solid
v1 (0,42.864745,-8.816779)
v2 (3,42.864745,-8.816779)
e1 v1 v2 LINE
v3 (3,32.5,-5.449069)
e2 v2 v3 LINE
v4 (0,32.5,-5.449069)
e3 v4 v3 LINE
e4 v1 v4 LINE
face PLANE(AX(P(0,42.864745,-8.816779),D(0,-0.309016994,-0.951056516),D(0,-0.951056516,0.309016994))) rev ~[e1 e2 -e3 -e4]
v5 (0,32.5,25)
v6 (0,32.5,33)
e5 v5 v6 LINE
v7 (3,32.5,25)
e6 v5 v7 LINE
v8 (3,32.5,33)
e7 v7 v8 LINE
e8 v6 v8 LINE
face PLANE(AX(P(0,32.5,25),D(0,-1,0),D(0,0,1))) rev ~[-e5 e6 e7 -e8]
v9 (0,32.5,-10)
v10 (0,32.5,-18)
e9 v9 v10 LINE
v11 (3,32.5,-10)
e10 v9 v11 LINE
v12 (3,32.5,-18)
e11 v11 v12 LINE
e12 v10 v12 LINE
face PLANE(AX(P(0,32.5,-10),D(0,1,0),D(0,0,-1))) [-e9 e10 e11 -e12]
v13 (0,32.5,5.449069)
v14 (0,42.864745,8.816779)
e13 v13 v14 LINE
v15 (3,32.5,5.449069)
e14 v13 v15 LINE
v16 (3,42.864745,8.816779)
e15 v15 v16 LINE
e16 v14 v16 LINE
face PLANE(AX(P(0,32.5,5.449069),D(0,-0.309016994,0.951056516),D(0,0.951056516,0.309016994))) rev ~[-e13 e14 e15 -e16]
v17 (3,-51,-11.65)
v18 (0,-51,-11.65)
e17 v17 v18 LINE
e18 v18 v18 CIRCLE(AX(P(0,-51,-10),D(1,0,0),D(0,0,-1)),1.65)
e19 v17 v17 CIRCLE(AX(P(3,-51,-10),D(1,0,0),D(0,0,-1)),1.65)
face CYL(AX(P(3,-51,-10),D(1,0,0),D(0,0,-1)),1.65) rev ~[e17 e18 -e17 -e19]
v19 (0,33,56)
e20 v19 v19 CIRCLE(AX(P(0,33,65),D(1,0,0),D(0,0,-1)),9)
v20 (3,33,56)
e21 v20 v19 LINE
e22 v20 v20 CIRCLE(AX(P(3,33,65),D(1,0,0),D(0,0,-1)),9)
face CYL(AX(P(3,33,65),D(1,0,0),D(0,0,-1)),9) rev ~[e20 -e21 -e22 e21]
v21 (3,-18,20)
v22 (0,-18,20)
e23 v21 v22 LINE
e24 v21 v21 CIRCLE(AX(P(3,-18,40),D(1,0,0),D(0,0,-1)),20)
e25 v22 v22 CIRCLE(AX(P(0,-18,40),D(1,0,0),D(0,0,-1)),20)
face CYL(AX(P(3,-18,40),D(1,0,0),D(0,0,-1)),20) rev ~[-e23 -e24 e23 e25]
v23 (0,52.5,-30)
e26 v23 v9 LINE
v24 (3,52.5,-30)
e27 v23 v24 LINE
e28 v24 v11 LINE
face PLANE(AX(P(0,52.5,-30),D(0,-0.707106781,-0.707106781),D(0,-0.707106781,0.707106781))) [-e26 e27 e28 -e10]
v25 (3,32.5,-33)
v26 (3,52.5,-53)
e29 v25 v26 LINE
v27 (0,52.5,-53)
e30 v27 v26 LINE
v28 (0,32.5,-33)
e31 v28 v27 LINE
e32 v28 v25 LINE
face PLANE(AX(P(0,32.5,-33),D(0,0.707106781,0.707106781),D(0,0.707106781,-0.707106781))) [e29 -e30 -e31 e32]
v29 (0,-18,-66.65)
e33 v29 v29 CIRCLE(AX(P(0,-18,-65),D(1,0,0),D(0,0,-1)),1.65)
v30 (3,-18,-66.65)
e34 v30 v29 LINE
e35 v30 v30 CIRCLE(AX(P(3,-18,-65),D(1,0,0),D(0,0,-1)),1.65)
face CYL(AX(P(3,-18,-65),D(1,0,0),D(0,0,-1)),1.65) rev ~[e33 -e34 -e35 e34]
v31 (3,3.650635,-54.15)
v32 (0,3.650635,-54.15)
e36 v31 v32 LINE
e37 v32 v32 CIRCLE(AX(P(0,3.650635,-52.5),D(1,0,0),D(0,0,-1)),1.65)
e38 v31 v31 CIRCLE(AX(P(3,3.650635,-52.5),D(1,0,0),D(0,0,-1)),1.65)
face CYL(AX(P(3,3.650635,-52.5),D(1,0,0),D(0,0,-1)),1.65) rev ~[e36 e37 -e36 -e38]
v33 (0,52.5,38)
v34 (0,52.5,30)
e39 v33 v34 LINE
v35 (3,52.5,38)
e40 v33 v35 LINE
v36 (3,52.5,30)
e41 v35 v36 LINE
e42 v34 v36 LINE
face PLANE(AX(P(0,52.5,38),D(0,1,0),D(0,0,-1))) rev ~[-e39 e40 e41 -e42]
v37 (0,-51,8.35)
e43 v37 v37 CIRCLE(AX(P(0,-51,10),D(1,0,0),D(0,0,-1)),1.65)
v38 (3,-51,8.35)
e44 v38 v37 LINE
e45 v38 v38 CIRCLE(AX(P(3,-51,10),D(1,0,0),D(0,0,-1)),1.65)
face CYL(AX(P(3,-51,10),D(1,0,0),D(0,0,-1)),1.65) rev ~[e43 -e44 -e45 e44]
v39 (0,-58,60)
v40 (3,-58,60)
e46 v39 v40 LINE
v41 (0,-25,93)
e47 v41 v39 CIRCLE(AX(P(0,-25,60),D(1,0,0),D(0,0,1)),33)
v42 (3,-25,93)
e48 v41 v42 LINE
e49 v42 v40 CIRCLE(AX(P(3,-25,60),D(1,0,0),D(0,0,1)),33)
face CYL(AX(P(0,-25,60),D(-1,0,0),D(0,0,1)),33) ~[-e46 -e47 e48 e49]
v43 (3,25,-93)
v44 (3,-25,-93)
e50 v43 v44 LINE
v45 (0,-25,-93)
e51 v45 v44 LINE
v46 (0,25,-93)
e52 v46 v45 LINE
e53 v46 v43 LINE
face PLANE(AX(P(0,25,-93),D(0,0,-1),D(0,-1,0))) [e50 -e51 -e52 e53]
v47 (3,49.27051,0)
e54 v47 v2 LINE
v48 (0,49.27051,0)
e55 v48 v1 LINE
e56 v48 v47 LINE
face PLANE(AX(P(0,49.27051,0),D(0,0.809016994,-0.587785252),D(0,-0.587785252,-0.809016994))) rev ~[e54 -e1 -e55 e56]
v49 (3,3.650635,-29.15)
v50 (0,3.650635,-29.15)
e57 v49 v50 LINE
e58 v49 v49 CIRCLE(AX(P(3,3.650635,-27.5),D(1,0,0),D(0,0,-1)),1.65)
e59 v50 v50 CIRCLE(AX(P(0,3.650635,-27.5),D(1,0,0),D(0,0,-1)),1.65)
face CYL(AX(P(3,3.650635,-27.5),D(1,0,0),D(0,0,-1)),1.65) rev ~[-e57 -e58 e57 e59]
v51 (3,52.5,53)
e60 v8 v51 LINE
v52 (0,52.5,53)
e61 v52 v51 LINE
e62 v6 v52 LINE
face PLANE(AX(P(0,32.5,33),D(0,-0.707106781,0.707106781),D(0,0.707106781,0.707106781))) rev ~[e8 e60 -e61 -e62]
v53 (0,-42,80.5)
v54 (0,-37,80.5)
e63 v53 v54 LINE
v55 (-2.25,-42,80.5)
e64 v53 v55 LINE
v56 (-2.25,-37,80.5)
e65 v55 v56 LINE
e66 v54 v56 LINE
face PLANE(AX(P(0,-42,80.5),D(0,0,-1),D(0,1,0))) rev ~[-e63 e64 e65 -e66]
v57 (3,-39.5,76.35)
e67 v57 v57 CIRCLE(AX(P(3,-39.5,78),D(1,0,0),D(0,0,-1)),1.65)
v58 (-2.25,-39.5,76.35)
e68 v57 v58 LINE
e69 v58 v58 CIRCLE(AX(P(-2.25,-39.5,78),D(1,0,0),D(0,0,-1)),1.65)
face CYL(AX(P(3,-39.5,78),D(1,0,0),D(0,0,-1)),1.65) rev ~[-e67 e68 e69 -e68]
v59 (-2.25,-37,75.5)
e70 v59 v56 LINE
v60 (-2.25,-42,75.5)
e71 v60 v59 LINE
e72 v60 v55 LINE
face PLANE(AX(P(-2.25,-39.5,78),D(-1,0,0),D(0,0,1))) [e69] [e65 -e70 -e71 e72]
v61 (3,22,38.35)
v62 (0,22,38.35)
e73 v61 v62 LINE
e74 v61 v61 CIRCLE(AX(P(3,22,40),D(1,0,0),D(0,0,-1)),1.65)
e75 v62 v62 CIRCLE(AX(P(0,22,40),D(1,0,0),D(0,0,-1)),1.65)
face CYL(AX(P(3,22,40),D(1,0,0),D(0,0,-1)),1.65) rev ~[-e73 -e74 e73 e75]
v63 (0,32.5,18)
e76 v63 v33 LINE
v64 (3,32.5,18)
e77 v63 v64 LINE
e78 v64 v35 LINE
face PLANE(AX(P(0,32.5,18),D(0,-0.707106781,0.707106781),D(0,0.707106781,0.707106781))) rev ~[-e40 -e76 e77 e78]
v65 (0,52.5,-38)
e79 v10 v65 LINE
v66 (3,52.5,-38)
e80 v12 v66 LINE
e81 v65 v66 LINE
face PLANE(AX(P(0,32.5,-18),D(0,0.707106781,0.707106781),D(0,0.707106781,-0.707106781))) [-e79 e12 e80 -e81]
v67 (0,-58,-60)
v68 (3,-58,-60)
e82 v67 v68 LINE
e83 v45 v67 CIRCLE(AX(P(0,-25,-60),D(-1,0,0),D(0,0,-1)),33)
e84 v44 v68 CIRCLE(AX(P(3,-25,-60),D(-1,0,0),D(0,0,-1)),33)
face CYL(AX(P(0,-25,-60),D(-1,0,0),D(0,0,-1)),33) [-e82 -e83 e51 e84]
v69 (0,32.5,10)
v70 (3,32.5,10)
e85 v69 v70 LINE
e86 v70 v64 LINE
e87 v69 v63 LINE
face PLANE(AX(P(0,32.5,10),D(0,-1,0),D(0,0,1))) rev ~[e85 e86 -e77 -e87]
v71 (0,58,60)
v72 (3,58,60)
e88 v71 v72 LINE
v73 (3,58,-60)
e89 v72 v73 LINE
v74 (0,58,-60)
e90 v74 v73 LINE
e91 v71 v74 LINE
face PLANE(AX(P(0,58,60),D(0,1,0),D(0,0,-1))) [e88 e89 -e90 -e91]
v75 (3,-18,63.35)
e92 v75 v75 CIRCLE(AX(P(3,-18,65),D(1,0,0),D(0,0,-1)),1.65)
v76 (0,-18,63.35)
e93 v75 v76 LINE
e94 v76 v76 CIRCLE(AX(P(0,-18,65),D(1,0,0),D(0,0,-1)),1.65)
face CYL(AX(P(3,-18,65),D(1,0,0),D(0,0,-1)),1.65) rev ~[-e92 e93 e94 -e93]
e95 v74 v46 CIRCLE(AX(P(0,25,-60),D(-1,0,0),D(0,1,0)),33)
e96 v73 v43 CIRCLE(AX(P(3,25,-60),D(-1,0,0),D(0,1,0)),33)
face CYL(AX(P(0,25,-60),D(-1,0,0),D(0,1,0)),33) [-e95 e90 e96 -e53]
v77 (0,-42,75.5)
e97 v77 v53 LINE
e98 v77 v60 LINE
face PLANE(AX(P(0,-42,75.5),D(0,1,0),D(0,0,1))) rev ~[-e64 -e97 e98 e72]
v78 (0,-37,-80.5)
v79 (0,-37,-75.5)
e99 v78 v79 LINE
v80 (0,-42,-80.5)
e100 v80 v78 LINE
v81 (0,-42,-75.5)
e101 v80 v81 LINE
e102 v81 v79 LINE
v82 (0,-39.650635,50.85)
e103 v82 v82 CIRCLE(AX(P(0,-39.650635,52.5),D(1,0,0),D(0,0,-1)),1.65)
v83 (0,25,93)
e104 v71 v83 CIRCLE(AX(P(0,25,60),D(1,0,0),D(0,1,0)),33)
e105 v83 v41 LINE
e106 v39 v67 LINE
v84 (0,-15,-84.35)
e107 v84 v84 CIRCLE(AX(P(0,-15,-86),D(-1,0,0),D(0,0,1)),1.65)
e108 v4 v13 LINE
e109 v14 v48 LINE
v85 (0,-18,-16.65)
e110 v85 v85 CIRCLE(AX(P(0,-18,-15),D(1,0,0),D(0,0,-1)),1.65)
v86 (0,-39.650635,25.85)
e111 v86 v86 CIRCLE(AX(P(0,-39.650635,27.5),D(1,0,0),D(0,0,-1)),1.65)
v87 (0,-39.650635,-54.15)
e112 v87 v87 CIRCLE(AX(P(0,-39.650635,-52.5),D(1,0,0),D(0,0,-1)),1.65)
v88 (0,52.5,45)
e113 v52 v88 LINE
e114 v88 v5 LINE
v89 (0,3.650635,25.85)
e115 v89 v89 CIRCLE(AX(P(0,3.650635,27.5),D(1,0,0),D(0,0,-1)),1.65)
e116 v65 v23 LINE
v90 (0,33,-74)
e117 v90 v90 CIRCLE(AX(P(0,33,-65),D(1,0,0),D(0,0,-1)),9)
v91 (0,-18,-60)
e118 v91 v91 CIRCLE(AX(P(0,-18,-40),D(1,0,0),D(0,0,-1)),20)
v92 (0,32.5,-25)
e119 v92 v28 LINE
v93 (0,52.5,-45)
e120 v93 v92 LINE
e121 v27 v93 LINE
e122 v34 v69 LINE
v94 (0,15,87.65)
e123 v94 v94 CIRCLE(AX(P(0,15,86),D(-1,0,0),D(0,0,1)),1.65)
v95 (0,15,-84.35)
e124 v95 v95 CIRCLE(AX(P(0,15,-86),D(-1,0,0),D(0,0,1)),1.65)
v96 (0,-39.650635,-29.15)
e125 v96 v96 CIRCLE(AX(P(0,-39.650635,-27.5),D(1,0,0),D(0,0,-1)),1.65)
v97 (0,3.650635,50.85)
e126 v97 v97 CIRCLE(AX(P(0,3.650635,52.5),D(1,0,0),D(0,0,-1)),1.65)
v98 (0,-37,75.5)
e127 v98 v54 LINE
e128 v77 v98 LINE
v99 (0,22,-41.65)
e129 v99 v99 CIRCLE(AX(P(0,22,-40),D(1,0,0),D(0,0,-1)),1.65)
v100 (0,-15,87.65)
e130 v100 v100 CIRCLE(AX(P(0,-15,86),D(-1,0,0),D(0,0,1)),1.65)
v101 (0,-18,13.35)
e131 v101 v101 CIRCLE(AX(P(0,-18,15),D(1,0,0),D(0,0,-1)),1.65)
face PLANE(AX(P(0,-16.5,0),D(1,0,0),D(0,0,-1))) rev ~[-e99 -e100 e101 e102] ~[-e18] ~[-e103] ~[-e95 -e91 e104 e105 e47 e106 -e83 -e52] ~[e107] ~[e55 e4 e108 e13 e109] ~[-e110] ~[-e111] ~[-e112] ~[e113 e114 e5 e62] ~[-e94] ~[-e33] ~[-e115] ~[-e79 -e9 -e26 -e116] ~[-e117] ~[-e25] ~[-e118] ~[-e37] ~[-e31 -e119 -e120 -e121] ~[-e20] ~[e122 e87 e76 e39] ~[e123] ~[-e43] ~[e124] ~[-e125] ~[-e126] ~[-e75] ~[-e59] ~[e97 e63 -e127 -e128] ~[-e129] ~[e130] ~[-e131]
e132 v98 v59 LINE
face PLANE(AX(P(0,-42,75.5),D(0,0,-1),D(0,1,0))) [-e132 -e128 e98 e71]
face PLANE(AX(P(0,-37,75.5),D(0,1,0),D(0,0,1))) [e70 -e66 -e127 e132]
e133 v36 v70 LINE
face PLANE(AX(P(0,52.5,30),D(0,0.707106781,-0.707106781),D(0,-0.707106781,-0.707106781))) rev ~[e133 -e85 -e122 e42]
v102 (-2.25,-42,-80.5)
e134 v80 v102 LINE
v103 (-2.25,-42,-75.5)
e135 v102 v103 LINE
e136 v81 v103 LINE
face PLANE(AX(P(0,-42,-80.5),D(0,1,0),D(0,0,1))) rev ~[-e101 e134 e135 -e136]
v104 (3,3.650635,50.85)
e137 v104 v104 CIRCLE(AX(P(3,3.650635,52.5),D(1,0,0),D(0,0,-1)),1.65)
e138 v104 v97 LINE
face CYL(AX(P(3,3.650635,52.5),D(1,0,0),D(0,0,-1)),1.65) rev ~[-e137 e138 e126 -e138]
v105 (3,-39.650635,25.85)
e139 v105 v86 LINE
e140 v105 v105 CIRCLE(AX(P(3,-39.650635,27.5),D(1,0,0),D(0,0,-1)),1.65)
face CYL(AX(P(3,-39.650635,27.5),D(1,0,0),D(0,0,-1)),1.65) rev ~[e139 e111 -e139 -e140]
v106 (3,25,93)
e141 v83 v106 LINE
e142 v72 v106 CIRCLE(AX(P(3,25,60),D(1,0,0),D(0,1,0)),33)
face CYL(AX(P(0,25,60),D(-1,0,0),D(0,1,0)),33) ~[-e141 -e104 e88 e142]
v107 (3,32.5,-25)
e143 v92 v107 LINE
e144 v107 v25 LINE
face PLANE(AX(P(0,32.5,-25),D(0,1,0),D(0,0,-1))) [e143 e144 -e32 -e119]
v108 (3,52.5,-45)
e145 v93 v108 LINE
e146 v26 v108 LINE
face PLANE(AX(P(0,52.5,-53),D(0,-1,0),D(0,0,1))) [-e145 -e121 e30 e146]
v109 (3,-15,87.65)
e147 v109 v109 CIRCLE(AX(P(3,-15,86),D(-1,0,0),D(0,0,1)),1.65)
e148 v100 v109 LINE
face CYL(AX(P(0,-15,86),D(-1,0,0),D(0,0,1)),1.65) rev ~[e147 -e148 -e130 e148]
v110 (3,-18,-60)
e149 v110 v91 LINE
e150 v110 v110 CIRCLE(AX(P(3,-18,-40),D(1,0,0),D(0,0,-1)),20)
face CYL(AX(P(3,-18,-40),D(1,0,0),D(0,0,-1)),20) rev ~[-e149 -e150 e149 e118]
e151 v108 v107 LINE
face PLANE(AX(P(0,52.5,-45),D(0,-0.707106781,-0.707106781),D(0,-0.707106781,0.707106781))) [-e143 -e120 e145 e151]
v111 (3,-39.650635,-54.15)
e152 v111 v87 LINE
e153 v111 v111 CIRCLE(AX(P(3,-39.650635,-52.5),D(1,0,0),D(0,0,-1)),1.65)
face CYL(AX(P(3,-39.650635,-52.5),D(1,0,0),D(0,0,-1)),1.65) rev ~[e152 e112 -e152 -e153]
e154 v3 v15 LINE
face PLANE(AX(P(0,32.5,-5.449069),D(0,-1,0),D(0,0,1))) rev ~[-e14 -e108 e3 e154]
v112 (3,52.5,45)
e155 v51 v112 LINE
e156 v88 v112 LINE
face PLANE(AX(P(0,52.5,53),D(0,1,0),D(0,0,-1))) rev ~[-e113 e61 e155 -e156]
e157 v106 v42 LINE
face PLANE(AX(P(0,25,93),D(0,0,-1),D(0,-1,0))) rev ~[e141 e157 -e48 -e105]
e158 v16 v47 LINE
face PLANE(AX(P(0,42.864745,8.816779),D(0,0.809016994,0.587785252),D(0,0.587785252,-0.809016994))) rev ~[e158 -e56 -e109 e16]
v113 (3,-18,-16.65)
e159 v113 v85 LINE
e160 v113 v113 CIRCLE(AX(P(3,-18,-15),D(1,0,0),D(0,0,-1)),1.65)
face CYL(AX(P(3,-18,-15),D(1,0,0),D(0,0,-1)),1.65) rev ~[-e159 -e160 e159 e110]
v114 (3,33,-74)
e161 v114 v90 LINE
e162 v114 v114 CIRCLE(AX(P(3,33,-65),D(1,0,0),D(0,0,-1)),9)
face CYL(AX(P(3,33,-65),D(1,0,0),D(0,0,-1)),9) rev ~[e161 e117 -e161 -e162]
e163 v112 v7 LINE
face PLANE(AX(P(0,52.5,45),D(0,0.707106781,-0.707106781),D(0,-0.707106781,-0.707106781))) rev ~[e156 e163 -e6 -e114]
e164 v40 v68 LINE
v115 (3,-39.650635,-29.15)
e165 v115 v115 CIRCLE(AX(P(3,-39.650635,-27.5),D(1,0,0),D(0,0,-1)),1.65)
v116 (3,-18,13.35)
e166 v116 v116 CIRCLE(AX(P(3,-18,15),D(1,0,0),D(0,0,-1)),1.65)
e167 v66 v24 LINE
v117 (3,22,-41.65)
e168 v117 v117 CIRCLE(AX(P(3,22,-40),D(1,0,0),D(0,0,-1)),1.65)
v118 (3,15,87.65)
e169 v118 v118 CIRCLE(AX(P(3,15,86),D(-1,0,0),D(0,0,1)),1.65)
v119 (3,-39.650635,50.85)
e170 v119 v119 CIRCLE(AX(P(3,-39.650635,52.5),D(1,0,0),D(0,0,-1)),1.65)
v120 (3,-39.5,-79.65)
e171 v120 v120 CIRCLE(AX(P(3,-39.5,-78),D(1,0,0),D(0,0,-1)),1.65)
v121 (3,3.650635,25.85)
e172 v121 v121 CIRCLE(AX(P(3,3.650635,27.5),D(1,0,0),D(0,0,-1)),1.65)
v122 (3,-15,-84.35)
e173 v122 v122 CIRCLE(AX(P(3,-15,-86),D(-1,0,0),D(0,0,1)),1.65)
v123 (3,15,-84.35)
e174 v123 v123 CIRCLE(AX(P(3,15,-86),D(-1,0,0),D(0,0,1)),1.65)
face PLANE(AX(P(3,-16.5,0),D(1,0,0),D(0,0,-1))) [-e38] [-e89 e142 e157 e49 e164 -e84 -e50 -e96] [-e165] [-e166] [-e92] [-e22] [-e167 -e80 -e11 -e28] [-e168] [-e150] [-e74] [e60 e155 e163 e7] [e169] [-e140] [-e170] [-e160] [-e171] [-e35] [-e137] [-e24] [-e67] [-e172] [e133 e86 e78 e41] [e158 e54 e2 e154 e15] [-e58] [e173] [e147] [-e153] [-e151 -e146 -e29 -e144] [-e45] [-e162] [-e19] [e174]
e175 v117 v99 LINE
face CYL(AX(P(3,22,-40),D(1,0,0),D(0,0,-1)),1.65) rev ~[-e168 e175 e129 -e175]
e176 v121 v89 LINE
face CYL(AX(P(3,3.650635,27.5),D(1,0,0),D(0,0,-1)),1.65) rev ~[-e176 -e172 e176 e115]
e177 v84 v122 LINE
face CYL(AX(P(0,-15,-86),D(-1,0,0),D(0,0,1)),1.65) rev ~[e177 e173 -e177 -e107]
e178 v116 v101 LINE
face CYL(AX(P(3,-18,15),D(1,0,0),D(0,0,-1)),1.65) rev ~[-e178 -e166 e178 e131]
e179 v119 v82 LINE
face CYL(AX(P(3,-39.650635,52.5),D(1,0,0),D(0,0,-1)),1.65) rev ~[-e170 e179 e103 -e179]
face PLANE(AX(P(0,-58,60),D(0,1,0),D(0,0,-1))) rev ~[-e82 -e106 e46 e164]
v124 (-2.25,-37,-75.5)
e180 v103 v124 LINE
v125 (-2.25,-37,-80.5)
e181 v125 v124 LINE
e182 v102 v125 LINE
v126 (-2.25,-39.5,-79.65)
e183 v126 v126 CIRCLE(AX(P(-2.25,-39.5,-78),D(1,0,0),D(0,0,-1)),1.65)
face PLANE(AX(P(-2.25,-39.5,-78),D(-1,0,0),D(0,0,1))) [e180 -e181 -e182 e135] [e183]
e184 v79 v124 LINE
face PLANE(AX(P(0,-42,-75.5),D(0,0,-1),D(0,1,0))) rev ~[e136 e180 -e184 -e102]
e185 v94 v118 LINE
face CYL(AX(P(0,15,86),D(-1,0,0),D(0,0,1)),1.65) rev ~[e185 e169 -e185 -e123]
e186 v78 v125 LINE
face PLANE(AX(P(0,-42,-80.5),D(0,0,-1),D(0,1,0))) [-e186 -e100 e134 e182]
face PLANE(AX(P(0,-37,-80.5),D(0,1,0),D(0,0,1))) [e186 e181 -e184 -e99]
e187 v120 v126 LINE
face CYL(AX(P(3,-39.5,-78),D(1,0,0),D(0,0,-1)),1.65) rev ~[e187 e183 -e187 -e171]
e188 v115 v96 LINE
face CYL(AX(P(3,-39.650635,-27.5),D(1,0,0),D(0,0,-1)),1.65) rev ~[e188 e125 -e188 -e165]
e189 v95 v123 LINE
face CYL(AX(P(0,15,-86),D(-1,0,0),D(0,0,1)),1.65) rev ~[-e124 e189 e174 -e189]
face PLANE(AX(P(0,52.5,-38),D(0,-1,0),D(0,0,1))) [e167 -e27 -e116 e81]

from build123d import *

# Parameters (mm, degrees)
SKETCH_1_W           = 120
SKETCH_1_H           = 83
SKETCH_1_H_2         = 33
EXTRUDE_2_DEPTH      = 3
SKETCH_2_R           = 1.65
SKETCH_2_R_2         = 20
CUT_EXTRUDE_1_DEPTH  = 3
SKETCH_3_R           = 1.65
CUT_EXTRUDE_2_DEPTH  = 10
SKETCH_4_R           = 1.65
CUT_EXTRUDE_3_DEPTH  = 5
CUT_EXTRUDE_6_DEPTH  = 3
SKETCH_9_W           = 5
SKETCH_9_H           = 5
EXTRUDE_4_DEPTH      = 2.25
SKETCH_8_R           = 1.65
CUT_EXTRUDE_9_DEPTH  = 7
SKETCH_11_R          = 9
CUT_EXTRUDE_10_DEPTH = 10


with BuildPart() as part:
    # 草图1 → 凸台-拉伸2 (new body)
    with BuildSketch(Plane(origin=(0, 0, 0), x_dir=(0, 0, -1), z_dir=(1, 0, 0))):
        with Locations((0, -16.5)):
            Rectangle(SKETCH_1_W, SKETCH_1_H)
        with Locations((0, 41.5)):
            Rectangle(SKETCH_1_W, SKETCH_1_H_2)
        with BuildLine():
            Line((-60, -58), (-60, 58))
            ThreePointArc((-60, 58), (-83.334523779, 48.334523779), (-93, 25))
            Line((-93, 25), (-93, -25))
            ThreePointArc((-93, -25), (-83.334523779, -48.334523779), (-60, -58))
        make_face()
        with BuildLine():
            ThreePointArc((60, 58), (83.334523779, 48.334523779), (93, 25))
            Line((93, 25), (93, -25))
            ThreePointArc((93, -25), (83.334523779, -48.334523779), (60, -58))
            Line((60, -58), (60, 58))
        make_face()
    extrude(amount=EXTRUDE_2_DEPTH)

    # 草图2 → 切除-拉伸1 (cut)
    with BuildSketch(Plane(origin=(3, 0, 0), x_dir=(0, 0, -1), z_dir=(1, 0, 0))):
        with Locations((-52.5, -39.650635095)):
            Circle(SKETCH_2_R)
        with Locations((40, -18)):
            Circle(SKETCH_2_R_2)
        with Locations((-40, -18)):
            Circle(SKETCH_2_R_2)
        with Locations((-52.5, 3.650635095)):
            Circle(SKETCH_2_R)
        with Locations((-65, -18)):
            Circle(SKETCH_2_R)
        with Locations((-27.5, -39.650635095)):
            Circle(SKETCH_2_R)
        with Locations((-15, -18)):
            Circle(SKETCH_2_R)
        with Locations((15, -18)):
            Circle(SKETCH_2_R)
        with Locations((27.5, 3.650635095)):
            Circle(SKETCH_2_R)
        with Locations((52.5, 3.650635095)):
            Circle(SKETCH_2_R)
        with Locations((65, -18)):
            Circle(SKETCH_2_R)
        with Locations((52.5, -39.650635095)):
            Circle(SKETCH_2_R)
        with Locations((27.5, -39.650635095)):
            Circle(SKETCH_2_R)
        with Locations((-27.5, 3.650635095)):
            Circle(SKETCH_2_R)
        with Locations((-40, 22)):
            Circle(SKETCH_2_R)
        with Locations((40, 22)):
            Circle(SKETCH_2_R)
    extrude(amount=-CUT_EXTRUDE_1_DEPTH, mode=Mode.SUBTRACT)

    # 草图3 → 切除-拉伸2 (cut)
    with BuildSketch(Plane(origin=(3, 0, 0), x_dir=(0, 0, -1), z_dir=(1, 0, 0))):
        with Locations((-10, -51)):
            Circle(SKETCH_3_R)
        with Locations((10, -51)):
            Circle(SKETCH_3_R)
    extrude(amount=-CUT_EXTRUDE_2_DEPTH, mode=Mode.SUBTRACT)

    # 草图4 → 切除-拉伸3 (cut)
    with BuildSketch(Plane.ZY):
        with Locations((86, 15)):
            Circle(SKETCH_4_R)
        with Locations((86, -15)):
            Circle(SKETCH_4_R)
        with Locations((-86, 15)):
            Circle(SKETCH_4_R)
        with Locations((-86, -15)):
            Circle(SKETCH_4_R)
    extrude(amount=-CUT_EXTRUDE_3_DEPTH, mode=Mode.SUBTRACT)

    # 草图6 → 切除-拉伸6 (cut)
    with BuildSketch(Plane.ZY):
        Polygon((-25, 32.5), (-33, 32.5), (-53, 52.5), (-45, 52.5), align=None)
        Polygon((0, 49.270509831), (-8.816778784, 42.864745084), (-5.44906896, 32.5), (5.44906896, 32.5), (8.816778784, 42.864745084), align=None)
        Polygon((-10, 32.5), (-18, 32.5), (-38, 52.5), (-30, 52.5), align=None)
        Polygon((38, 52.5), (30, 52.5), (10, 32.5), (18, 32.5), align=None)
        Polygon((53, 52.5), (45, 52.5), (25, 32.5), (33, 32.5), align=None)
    extrude(amount=-CUT_EXTRUDE_6_DEPTH, mode=Mode.SUBTRACT)

    # 草图9 → 凸台-拉伸4 (add)
    with BuildSketch(Plane.ZY):
        with Locations((-78, -39.5)):
            Rectangle(SKETCH_9_W, SKETCH_9_H)
        with Locations((78, -39.5)):
            Rectangle(SKETCH_9_W, SKETCH_9_H)
    extrude(amount=EXTRUDE_4_DEPTH)

    # 草图8 → 切除-拉伸9 (cut)
    with BuildSketch(Plane(origin=(3, 0, 0), x_dir=(0, 0, -1), z_dir=(1, 0, 0))):
        with Locations((78, -39.5)):
            Circle(SKETCH_8_R)
        with Locations((-78, -39.5)):
            Circle(SKETCH_8_R)
    extrude(amount=-CUT_EXTRUDE_9_DEPTH, mode=Mode.SUBTRACT)

    # 草图11 → 切除-拉伸10 (cut)
    with BuildSketch(Plane(origin=(3, 0, 0), x_dir=(0, 0, -1), z_dir=(1, 0, 0))):
        with Locations((-65, 33)):
            Circle(SKETCH_11_R)
        with Locations((65, 33)):
            Circle(SKETCH_11_R)
    extrude(amount=-CUT_EXTRUDE_10_DEPTH, mode=Mode.SUBTRACT)


solid = part.part
